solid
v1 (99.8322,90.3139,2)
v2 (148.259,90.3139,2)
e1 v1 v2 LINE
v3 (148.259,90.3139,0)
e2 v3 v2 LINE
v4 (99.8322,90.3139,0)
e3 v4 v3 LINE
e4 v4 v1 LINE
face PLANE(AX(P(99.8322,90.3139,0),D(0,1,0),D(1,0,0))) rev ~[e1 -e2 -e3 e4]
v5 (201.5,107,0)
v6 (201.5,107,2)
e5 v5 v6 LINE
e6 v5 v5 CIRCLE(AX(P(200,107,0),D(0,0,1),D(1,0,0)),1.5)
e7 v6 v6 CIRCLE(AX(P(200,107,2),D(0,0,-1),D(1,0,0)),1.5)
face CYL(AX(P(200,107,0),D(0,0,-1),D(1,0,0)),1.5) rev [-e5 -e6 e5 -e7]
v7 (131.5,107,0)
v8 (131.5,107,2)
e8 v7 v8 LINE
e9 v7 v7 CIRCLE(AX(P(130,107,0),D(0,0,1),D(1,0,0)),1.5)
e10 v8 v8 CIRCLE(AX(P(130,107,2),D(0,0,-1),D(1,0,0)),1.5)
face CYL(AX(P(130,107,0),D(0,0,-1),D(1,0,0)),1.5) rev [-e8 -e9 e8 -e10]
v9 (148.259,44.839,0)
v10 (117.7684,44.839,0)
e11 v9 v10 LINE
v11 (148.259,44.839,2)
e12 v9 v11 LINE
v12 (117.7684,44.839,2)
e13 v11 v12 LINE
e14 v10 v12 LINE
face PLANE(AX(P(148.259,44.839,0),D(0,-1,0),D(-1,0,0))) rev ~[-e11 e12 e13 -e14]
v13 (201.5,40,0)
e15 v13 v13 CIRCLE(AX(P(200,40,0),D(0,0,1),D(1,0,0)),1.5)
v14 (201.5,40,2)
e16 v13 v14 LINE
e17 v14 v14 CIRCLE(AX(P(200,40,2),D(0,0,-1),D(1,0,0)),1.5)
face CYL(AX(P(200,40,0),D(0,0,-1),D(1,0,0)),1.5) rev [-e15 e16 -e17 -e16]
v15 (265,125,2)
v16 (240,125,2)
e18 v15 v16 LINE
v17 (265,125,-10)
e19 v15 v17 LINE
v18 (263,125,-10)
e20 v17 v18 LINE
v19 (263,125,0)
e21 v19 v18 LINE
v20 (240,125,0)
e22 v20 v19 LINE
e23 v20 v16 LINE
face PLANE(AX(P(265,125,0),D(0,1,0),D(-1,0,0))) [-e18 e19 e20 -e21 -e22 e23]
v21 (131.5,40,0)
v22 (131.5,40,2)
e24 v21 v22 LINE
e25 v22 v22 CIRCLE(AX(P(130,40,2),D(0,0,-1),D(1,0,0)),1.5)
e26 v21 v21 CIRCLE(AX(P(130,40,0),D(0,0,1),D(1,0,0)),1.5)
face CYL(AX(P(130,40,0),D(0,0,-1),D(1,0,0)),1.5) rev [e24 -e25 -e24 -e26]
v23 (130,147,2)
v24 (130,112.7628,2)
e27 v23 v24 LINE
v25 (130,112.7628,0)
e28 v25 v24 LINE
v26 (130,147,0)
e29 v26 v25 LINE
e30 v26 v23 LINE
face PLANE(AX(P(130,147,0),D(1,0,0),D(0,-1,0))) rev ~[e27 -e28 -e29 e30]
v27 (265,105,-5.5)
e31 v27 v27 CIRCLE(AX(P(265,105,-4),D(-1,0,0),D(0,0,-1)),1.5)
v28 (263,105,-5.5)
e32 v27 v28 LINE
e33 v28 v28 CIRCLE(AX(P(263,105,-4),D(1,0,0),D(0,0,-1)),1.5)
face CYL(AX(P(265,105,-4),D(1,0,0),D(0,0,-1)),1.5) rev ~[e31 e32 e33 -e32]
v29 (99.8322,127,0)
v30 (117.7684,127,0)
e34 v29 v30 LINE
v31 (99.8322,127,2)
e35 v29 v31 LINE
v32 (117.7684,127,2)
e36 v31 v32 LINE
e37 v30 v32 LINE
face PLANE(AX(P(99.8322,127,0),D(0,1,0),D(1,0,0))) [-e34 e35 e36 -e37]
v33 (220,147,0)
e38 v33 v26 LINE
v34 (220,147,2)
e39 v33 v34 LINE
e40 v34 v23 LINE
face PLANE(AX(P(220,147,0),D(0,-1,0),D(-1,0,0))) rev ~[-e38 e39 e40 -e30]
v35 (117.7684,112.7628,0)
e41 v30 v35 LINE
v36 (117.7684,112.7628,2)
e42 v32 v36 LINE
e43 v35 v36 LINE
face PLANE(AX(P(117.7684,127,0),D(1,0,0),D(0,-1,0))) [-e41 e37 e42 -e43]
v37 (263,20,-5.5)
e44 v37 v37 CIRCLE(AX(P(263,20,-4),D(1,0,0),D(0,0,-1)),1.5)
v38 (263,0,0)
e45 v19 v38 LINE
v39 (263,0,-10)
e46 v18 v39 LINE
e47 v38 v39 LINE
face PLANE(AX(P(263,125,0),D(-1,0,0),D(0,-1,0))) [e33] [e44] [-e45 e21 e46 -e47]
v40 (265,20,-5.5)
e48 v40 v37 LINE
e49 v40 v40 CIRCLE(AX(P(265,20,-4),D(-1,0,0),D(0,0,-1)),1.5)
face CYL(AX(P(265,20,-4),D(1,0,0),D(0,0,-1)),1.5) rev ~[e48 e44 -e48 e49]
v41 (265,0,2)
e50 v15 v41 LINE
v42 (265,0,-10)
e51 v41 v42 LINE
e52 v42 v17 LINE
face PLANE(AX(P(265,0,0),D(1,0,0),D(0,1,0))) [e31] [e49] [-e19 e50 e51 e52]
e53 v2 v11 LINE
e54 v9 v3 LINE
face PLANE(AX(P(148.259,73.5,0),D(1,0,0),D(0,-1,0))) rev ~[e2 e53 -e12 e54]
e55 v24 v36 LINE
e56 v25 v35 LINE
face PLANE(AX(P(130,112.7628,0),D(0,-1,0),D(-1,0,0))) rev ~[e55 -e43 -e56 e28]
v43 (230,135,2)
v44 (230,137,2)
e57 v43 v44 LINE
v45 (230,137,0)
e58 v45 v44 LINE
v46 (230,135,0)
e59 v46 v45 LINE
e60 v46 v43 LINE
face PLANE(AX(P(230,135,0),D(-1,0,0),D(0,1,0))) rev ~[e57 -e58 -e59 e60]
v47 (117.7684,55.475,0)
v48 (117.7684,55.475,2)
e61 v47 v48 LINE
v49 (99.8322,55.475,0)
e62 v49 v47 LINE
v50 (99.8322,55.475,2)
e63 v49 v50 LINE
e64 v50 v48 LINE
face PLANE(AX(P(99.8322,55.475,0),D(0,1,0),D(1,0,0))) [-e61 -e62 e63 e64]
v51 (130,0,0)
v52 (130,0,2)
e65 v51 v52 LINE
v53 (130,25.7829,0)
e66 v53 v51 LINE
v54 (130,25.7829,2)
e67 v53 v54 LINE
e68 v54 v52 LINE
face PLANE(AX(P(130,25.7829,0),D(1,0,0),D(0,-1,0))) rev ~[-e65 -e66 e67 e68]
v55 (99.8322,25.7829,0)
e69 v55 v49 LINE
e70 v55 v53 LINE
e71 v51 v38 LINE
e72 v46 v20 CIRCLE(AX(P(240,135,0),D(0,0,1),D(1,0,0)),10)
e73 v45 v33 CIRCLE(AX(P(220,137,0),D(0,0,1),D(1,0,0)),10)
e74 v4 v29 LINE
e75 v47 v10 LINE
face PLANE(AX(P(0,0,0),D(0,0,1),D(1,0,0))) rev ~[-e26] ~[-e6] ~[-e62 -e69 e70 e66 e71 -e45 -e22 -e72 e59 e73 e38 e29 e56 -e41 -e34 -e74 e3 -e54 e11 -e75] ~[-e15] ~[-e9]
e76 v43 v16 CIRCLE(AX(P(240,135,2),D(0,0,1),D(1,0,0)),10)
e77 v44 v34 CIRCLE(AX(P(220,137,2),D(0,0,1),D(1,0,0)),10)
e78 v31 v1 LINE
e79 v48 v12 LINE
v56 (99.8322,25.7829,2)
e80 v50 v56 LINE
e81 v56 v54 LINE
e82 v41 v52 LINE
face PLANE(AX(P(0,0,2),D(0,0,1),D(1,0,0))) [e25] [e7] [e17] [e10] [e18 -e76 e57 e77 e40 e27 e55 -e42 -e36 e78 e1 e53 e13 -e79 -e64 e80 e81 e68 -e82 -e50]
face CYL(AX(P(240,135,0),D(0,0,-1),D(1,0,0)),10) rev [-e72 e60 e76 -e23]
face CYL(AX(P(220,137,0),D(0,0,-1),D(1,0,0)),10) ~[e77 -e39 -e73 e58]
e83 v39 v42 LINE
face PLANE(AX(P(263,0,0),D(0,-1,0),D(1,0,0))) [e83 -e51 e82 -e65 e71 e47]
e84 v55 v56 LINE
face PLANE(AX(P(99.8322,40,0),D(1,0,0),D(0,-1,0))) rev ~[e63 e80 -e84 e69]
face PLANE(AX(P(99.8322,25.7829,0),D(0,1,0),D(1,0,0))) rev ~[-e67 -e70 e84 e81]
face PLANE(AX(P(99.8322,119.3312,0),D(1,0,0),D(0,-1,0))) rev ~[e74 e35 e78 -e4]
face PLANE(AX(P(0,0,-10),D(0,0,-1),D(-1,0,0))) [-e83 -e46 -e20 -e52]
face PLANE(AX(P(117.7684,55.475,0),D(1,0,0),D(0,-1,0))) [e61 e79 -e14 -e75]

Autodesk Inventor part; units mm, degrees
ref_plane "YZ Plane" through (0, 0, 0) normal (1, 0, 0) x (0, 1, 0)
ref_plane "XZ Plane" through (0, 0, 0) normal (0, 1, 0) x (-1, 0, 0)
ref_plane "XY Plane" through (0, 0, 0) normal (0, 0, 1) x (1, 0, 0)
sketch "Sketch1" plane through (0, 0, 0) normal (0, 0, 1) x (1, 0, 0)
  line L0 (0, 0) -> (260, 0)
  line L1 (260, 0) -> (260, 125)
  line L2 (220, 147) -> (0, 147)
  line L3 (0, 147) -> (0, 0)
  circle A0 centre (240, 135) radius 8
  circle A1 centre (240, 135) radius 10
  line L4 (250, 135) -> (250.202, 135)
  line L5 (230, 135) -> (230, 137)
  arc A2 (230, 137) -> (220, 147) centre (220, 137) ccw
  line L6 (260, 147) -> (260, 147)
  line L7 (250, 135) -> (250, 137)
  line L8 (240, 125) -> (260, 125)
  line L9 (0, 73.5) -> (260, 73.5)
  line L10 (130, 112.7628) -> (117.7684, 112.7628)
  line L11 (99.8322, 119.3312) -> (99.8322, 90.3139)
  line L12 (99.8322, 90.3139) -> (148.259, 90.3139)
  line L13 (148.259, 90.3139) -> (148.259, 44.839)
  line L14 (148.259, 44.839) -> (117.7684, 44.839)
  line L15 (99.8322, 44.839) -> (99.8322, 25.7829)
  line L16 (99.8322, 25.7829) -> (130, 25.7829)
  line L17 (99.8322, 119.3312) -> (99.8322, 127)
  line L18 (99.8322, 127) -> (117.7684, 127)
  line L19 (117.7684, 127) -> (117.7684, 112.7628)
  line L20 (99.8322, 44.839) -> (99.8322, 55.475)
  line L21 (99.8322, 55.475) -> (117.7684, 55.475)
  line L22 (117.7684, 55.475) -> (117.7684, 44.839)
  line L23 (130, 147) -> (130, 112.7628)
  line L24 (130, 25.7829) -> (130, 0)
  line L25 (60, 107) -> (200, 107)
  line L26 (200, 107) -> (200, 40)
  line L27 (200, 40) -> (60, 40)
  line L28 (60, 40) -> (60, 107)
  circle A3 centre (60, 107) radius 1.5
  circle A4 centre (200, 107) radius 1.5
  circle A5 centre (200, 40) radius 1.5
  circle A6 centre (60, 40) radius 1.5
  circle A7 centre (130, 107) radius 1.5
  circle A8 centre (130, 40) radius 1.5
  line L29 (260, 125) -> (265, 125)
  line L30 (265, 125) -> (265, 0)
  line L31 (265, 0) -> (260, 0)
  line L32 (260, 0) -> (260, 125)
  line L33 (265, 0) -> (263, 0)
  line L34 (263, 0) -> (263, 125)
  point P0 (260, 67.5)
  point P1 (200, 73.5)
  point P2 (148.259, 73.5)
  point P3 (99.8322, 107)
  point P4 (128.5, 107)
  point P5 (131.5, 107)
  point P6 (198.5, 107)
  point P7 (200, 105.5)
  dimension "d2" = 16
  dimension "d3" = 20
  dimension "d4" = 135
  dimension "d5" = 2
  dimension "d6" = 260
  dimension "d7" = 147
  dimension "d8" = 10
  dimension "d11" = 22
  dimension "d16" = 40
  dimension "d17" = 40
  dimension "d18" = 60
  dimension "d19" = 60
  dimension "d20" = 3
  dimension "d21" = 3
  dimension "d22" = 3
  dimension "d23" = 3
  dimension "d24" = 140
  dimension "d25" = 67
  dimension "d26" = 3
  dimension "d27" = 3
  dimension "d28" = 70
  dimension "d29" = 70
  dimension "d30" = 5
  dimension "d31" = 2
extrude "Extrusion1" add sketch "Sketch1" along normal blind 2 contours L24 L16 L15 L27 A8 A5 L26 L9 L1 L0 | L1 L29 L34 L31 | L9 L26 A4 L25 A7 L11 L17 L18 L19 L10 L23 L2 A2 L5 A1 L8 L1 | L34 L29 L30 L31 | L13 L12 L11 L25 A7 A4 L26 L9 | L9 L26 A5 L27 A8 L15 L20 L21 L22 L14 L13
sketch "Sketch2" plane through (0, 0, 0) normal (0, 0, -1) x (-1, 0, 0)
  line L0 (-265, 125) -> (-240, 125) projected
  line L1 (-130, 0) -> (-265, 0) projected
  line L2 (-265, 125) -> (-263, 125)
  line L3 (-263, 125) -> (-263, 0)
  line L4 (-263, 0) -> (-265, 0)
  line L5 (-265, 0) -> (-265, 125)
  point P0 (0, 0)
  dimension "d32" = 2
extrude "Extrusion2" add sketch "Sketch2" along normal blind 10
sketch "Sketch3" plane through (265, 0, 2) normal (1, 0, 0) x (0, 0, -1)
  line L0 (12, 125) -> (0, 125) projected
  line L1 (6, 125) -> (6, 0)
  line L2 (12, 0) -> (0, 0) projected
  circle A0 centre (6, 105) radius 1.5
  circle A1 centre (6, 20) radius 1.5
  point P0 (2, 0)
  dimension "d35" = 3
  dimension "d36" = 3
  dimension "d37" = 20
  dimension "d38" = 20
extrude "Extrusion3" cut sketch "Sketch3" against normal blind 10
properties part number "Coffee_Machine_Base"
